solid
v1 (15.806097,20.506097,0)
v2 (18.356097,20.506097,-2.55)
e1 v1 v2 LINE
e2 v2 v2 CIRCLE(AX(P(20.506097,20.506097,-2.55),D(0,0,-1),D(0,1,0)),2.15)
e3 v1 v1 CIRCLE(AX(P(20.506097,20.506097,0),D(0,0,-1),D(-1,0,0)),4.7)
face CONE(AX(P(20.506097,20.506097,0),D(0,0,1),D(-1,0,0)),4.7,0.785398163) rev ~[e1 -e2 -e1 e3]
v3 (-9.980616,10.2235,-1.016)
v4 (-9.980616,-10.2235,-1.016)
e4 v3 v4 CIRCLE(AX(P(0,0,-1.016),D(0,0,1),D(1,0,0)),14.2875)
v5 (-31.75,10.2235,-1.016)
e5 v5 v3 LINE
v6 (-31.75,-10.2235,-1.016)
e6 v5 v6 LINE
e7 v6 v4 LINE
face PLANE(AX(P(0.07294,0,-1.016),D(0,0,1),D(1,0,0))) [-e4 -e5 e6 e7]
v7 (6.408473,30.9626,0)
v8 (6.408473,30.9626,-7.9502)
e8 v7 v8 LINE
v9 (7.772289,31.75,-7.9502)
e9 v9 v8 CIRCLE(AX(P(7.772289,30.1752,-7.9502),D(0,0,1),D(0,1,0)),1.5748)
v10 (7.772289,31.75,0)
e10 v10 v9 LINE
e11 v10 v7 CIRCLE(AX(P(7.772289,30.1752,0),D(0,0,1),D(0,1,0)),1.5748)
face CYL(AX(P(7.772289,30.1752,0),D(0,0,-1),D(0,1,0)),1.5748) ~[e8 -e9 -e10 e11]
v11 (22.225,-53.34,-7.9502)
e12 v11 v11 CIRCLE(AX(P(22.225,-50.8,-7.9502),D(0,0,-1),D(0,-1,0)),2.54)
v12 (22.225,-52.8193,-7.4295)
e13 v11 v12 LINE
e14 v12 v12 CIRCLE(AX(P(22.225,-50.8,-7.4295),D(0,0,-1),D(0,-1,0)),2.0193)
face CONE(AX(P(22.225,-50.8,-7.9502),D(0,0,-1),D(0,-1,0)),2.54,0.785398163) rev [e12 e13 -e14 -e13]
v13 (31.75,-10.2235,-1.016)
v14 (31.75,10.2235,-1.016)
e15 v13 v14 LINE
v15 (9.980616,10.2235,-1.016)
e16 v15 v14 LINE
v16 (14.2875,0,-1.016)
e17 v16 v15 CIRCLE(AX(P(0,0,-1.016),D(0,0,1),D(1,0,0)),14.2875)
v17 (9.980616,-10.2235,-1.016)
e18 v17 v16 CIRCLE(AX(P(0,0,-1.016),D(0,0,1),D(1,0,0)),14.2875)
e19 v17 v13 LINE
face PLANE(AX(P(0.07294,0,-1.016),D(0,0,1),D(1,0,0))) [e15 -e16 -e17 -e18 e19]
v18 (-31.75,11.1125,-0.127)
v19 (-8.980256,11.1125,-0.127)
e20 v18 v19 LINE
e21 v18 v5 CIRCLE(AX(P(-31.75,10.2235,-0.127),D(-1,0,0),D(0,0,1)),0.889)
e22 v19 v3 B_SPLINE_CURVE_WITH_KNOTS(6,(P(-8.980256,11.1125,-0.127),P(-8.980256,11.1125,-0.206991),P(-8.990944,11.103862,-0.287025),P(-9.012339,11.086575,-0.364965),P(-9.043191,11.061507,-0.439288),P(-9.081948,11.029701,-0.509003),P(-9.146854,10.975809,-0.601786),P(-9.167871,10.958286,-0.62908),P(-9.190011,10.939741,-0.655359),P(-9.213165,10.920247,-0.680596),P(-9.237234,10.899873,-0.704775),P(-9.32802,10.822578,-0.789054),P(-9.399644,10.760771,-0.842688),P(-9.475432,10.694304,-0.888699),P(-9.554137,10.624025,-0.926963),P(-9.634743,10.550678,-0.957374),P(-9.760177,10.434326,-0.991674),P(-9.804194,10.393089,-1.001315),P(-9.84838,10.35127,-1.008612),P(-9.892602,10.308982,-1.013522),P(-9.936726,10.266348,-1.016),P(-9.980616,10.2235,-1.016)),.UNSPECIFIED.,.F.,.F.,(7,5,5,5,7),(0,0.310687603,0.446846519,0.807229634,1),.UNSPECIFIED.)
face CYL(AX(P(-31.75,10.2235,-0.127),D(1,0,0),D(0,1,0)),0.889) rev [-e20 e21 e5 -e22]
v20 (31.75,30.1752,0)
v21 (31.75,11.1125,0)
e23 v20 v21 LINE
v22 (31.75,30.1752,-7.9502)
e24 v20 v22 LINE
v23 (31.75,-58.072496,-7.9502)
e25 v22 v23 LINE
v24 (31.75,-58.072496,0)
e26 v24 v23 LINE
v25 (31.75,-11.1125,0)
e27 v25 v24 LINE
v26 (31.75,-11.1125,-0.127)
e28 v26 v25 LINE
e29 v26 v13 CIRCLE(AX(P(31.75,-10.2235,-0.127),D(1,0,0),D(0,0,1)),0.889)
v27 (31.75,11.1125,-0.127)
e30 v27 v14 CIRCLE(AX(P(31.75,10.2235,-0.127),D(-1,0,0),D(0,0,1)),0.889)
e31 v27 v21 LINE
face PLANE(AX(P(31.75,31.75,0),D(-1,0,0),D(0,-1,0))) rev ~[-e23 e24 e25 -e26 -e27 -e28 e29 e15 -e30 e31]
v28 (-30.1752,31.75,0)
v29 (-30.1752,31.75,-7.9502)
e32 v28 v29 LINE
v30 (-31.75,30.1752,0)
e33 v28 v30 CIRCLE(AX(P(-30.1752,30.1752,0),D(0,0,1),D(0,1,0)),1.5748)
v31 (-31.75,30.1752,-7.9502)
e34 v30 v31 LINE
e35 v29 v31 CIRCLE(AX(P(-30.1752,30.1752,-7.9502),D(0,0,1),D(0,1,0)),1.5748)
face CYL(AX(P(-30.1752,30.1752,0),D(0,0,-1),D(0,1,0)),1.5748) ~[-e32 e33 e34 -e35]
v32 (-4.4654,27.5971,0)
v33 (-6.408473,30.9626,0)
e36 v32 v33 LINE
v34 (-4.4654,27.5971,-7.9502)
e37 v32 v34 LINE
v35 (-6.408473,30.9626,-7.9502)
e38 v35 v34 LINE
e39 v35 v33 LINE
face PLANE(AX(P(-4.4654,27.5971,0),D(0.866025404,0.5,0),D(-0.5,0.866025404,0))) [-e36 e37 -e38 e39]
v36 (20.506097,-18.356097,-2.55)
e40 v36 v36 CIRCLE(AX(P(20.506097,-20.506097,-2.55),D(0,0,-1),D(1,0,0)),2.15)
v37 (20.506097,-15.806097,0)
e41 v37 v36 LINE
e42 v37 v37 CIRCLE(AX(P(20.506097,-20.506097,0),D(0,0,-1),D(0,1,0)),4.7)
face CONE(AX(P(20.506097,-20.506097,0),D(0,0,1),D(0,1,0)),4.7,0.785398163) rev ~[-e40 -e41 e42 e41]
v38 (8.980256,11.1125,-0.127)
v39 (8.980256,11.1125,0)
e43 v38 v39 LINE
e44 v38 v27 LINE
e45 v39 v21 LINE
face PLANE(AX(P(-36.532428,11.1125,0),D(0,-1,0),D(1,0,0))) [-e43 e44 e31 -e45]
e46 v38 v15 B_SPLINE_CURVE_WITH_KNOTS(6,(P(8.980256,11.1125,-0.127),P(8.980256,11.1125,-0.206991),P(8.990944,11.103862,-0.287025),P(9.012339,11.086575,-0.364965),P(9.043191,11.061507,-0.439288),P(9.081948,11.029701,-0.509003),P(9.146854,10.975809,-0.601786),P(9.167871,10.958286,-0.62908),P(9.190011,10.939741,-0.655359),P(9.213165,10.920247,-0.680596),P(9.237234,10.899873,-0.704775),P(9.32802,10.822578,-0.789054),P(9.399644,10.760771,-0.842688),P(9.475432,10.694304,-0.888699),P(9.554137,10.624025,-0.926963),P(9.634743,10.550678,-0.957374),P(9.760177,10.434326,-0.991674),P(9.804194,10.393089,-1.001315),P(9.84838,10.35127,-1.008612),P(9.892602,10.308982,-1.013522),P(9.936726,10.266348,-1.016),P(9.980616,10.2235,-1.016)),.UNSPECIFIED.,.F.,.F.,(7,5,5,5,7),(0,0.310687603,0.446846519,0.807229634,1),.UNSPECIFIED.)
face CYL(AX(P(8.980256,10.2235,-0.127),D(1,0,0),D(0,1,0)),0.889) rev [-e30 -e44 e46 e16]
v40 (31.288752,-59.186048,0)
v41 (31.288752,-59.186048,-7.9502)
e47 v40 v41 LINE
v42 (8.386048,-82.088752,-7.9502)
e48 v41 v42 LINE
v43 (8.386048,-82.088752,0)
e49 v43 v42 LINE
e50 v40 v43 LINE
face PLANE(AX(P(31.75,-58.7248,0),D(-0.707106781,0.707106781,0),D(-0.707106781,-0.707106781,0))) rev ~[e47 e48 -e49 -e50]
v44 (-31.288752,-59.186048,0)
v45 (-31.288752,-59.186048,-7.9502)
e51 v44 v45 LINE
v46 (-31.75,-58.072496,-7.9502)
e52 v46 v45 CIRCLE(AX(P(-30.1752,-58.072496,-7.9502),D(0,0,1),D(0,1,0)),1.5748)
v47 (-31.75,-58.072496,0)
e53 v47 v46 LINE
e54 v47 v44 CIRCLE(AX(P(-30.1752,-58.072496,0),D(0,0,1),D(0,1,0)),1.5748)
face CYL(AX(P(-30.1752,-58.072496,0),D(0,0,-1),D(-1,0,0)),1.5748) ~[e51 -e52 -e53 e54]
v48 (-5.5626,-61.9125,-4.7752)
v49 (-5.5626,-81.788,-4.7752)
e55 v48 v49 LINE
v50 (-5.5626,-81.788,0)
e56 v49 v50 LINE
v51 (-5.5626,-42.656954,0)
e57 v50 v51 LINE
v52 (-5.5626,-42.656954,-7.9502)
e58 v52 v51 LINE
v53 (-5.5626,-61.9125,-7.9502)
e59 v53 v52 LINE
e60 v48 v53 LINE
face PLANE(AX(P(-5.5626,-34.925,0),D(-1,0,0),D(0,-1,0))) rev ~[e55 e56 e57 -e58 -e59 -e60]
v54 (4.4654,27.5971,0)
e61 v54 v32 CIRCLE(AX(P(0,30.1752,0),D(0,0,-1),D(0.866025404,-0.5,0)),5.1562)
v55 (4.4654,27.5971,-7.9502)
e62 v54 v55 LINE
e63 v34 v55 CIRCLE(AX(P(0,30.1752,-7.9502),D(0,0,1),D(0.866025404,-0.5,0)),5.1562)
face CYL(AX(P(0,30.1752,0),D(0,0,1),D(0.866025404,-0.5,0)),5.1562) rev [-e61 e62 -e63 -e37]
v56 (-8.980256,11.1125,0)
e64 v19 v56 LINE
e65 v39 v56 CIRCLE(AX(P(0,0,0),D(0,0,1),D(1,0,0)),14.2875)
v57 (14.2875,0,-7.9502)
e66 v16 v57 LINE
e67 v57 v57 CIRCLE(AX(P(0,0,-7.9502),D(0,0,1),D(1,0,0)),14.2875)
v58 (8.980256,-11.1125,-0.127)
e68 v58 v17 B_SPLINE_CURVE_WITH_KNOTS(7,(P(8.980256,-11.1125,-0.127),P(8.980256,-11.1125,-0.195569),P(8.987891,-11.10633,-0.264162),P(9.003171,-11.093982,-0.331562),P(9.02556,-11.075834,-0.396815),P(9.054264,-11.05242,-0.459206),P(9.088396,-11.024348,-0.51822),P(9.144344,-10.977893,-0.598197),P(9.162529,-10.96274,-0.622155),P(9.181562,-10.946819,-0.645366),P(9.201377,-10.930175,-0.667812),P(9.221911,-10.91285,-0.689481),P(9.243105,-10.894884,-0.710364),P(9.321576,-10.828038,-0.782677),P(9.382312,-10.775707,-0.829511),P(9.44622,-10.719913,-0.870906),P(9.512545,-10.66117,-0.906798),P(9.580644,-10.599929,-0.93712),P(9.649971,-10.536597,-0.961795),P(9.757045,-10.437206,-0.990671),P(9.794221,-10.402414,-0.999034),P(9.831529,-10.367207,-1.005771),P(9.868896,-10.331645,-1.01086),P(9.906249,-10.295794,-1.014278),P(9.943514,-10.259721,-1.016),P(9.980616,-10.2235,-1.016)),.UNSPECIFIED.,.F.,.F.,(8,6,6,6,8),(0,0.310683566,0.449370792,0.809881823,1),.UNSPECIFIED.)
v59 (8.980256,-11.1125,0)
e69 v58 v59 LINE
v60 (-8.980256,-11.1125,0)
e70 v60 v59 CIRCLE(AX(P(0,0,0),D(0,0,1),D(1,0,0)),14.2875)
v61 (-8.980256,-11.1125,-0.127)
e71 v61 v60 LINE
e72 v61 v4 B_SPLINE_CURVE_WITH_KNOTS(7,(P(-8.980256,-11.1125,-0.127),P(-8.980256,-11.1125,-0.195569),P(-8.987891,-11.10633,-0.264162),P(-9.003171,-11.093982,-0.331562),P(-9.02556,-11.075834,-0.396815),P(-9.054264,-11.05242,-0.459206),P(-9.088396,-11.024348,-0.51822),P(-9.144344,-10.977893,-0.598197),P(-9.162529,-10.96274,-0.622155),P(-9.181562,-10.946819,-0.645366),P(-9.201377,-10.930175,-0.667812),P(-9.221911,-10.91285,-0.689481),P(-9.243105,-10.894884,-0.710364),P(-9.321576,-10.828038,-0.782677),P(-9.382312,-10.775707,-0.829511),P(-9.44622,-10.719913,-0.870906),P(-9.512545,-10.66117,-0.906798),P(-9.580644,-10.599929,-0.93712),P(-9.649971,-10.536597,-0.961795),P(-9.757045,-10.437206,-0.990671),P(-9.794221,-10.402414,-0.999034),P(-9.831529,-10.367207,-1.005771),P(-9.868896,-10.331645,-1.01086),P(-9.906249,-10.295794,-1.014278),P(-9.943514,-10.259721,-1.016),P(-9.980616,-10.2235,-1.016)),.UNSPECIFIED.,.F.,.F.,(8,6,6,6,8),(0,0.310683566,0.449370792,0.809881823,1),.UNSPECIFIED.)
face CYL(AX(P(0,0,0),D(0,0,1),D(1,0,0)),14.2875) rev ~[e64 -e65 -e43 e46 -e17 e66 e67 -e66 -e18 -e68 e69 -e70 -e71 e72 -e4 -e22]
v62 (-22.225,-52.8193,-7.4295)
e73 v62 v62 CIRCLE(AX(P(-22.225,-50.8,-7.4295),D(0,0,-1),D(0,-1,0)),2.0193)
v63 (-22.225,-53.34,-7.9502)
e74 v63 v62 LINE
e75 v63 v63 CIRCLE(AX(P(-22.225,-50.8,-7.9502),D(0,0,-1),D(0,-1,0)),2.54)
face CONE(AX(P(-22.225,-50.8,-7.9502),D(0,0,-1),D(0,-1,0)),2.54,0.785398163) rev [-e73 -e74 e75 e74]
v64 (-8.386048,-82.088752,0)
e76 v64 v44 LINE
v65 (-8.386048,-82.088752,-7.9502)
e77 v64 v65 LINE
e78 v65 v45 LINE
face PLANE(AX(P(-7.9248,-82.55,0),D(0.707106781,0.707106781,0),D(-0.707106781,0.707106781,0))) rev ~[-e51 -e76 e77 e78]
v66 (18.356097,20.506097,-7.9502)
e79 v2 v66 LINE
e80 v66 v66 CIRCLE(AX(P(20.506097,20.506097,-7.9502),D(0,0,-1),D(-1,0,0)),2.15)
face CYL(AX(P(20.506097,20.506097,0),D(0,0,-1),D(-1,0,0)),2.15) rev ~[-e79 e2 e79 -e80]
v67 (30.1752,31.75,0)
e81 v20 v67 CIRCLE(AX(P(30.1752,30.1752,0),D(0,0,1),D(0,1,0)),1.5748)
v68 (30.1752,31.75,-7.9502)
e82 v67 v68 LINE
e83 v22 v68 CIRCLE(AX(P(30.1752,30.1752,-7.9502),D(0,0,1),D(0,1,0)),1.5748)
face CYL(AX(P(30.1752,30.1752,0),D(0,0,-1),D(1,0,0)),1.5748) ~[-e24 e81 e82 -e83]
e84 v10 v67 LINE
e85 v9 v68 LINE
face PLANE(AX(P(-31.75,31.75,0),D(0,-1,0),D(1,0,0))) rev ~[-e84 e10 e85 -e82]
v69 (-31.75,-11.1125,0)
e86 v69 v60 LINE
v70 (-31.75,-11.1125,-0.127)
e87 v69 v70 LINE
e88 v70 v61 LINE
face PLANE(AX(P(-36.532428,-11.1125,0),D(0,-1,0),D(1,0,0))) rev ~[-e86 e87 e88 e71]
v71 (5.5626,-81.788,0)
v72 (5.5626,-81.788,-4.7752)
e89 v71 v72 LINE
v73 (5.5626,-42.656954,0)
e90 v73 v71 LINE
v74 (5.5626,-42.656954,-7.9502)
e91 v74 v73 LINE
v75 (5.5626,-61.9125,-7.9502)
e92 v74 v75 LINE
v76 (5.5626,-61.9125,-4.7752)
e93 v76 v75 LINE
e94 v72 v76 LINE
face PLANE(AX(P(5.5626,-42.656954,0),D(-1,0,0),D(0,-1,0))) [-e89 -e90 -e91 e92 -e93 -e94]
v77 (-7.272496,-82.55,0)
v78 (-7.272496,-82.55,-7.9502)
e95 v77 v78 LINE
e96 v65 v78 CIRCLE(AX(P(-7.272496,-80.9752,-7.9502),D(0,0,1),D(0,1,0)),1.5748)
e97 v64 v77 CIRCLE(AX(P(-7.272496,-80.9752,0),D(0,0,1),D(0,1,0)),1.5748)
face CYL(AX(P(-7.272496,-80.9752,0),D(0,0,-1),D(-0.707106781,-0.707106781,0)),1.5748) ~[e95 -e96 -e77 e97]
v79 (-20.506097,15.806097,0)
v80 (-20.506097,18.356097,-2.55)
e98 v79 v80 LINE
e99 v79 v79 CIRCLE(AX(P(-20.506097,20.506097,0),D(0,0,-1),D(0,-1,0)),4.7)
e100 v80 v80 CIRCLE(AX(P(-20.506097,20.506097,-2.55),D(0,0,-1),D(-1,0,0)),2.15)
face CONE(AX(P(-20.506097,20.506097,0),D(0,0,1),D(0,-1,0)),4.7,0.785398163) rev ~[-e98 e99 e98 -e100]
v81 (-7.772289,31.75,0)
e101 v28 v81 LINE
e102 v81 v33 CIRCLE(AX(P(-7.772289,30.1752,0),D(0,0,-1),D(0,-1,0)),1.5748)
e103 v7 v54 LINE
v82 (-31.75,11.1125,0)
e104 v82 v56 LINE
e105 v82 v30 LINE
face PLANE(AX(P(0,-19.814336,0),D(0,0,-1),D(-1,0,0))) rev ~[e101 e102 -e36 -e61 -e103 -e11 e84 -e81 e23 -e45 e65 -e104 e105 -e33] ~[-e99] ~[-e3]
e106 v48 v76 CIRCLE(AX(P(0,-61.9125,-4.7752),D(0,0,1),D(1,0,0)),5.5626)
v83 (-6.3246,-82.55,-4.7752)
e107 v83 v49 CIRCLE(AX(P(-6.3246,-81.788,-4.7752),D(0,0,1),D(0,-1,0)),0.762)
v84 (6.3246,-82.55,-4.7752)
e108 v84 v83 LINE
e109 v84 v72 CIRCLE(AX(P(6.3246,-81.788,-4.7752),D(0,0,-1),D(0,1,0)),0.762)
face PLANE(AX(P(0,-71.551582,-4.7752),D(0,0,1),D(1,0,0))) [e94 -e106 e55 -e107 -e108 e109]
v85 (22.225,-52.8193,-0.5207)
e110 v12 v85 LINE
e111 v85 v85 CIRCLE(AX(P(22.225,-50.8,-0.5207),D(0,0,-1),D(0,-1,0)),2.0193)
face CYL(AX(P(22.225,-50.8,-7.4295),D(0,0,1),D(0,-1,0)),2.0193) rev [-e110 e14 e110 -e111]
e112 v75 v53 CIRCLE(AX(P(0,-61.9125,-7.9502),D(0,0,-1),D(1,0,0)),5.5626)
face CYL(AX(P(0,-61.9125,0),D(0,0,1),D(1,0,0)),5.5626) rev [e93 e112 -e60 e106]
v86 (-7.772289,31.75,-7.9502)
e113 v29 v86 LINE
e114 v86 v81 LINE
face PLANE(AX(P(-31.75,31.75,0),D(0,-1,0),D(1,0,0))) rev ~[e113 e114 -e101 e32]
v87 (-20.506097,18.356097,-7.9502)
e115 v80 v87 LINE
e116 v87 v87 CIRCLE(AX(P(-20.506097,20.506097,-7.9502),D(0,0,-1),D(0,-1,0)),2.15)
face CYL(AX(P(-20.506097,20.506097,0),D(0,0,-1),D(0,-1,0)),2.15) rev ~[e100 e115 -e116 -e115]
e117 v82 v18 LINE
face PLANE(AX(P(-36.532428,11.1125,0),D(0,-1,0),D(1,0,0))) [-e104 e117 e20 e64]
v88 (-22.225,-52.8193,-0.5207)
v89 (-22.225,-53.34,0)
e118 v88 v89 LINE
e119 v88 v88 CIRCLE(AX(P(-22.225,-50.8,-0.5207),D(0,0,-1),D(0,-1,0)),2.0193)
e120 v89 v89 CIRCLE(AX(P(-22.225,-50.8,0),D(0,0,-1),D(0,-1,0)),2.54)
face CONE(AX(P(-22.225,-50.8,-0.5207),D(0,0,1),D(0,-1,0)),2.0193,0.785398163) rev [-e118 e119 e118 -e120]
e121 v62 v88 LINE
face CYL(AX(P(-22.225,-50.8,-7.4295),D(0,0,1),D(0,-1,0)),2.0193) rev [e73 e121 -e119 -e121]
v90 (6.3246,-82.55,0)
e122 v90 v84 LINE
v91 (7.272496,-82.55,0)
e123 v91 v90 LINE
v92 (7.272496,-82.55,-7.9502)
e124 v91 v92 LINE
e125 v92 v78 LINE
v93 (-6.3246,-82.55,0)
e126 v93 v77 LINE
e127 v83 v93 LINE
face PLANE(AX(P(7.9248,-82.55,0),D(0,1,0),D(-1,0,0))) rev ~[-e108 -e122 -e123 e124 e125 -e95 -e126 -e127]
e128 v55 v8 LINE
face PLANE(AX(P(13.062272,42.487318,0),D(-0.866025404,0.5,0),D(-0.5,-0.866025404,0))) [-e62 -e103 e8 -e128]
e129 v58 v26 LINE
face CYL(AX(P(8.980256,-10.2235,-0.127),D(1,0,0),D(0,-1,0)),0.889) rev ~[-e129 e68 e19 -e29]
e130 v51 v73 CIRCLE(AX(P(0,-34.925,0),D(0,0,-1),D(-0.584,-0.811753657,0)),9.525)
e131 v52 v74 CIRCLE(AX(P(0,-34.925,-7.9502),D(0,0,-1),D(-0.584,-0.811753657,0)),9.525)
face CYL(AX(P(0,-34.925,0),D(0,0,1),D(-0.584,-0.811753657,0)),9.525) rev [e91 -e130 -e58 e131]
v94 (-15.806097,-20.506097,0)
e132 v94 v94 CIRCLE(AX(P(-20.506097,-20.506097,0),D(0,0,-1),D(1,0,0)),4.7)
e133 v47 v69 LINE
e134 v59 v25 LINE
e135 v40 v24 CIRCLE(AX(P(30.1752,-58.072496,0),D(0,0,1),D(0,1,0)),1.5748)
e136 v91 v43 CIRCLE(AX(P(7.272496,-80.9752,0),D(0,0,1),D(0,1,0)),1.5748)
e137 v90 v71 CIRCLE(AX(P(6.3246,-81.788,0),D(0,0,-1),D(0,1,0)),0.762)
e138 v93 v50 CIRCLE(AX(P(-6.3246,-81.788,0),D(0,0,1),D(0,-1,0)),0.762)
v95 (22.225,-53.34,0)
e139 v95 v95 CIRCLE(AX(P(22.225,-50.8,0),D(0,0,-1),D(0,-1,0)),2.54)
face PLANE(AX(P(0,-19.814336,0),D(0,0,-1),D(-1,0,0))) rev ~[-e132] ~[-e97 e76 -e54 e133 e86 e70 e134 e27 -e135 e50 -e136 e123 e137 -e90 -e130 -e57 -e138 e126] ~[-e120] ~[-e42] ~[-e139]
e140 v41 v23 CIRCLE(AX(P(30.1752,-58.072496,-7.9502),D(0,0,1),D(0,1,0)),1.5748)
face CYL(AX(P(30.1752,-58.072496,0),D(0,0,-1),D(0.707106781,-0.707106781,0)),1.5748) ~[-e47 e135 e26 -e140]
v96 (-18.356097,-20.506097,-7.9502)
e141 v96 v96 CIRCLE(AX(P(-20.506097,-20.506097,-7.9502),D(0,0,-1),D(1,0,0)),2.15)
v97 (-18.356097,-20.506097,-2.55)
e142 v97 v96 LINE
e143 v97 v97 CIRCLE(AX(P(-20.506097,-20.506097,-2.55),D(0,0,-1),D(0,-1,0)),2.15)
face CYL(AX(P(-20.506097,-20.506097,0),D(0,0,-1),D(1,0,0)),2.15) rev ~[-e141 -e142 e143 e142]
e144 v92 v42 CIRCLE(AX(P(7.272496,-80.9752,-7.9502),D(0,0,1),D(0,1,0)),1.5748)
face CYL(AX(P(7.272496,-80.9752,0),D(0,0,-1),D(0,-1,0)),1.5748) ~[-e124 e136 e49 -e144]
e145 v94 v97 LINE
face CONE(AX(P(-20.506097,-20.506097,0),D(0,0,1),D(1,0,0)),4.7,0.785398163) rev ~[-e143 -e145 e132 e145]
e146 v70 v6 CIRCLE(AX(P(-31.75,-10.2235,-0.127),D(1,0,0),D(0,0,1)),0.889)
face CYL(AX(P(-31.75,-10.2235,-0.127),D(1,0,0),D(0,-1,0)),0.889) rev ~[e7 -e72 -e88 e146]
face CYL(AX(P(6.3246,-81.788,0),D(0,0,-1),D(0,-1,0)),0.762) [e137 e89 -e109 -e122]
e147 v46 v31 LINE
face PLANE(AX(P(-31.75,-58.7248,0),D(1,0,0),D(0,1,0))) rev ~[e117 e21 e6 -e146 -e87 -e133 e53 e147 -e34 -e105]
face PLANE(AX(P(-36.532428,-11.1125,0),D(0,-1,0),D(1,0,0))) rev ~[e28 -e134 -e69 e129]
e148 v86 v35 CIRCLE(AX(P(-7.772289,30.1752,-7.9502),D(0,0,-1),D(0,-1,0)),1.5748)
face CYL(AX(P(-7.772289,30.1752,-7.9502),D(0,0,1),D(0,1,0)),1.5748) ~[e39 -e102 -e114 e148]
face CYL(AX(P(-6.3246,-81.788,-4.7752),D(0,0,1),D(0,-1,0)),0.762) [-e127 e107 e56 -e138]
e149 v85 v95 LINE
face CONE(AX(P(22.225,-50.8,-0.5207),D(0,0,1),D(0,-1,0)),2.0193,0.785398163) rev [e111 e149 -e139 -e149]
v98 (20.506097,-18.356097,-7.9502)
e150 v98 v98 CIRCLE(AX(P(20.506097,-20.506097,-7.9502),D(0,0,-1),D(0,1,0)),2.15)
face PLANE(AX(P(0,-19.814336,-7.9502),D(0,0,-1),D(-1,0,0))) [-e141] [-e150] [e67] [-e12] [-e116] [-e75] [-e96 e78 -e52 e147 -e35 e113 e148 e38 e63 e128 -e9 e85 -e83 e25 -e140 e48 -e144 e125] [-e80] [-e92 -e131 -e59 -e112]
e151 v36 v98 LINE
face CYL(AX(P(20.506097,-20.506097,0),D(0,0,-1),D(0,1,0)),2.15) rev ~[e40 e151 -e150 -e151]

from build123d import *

# Parameters (mm, degrees)
SKETCH1_R                                       = 14.2875
BOSS_EXTRUDE1_DEPTH                             = 7.9502
CUT_EXTRUDE1_DEPTH                              = 4.7752
CSK_FOR_M4_FLAT_HEAD_MACHINE_SCREW1_D           = 4.3
CSK_FOR_M4_FLAT_HEAD_MACHINE_SCREW1_CSINK_D     = 9.4
CSK_FOR_M4_FLAT_HEAD_MACHINE_SCREW1_CSINK_ANGLE = 90
CIRPATTERN1_COUNT                               = 4
F_10_32_TAPPED_HOLE1_AT_2_COUNT                 = 2
F_10_32_TAPPED_HOLE1_AT_2_PITCH                 = 44.45
CUT_EXTRUDE2_DEPTH                              = 89.801861918
FILLET1_R                                       = 1.5748
FILLET2_R                                       = 0.762
SKETCH12_W                                      = 73.210736231
SKETCH12_H                                      = 22.225
CUT_EXTRUDE3_DEPTH                              = 1.016
FILLET3_R                                       = 0.889


with BuildPart() as part:
    # Sketch1 → Boss-Extrude1 (new body)
    with BuildSketch(Plane.XY):
        Polygon((-31.75, 31.75), (31.75, 31.75), (31.75, -58.7248), (7.9248, -82.55), (-7.9248, -82.55), (-31.75, -58.7248), align=None)
        Circle(SKETCH1_R, mode=Mode.SUBTRACT)
        with BuildLine():
            Line((5.5626, -42.656953585), (5.5626, -61.9125))
            ThreePointArc((5.5626, -61.9125), (0, -67.4751), (-5.5626, -61.9125))
            Line((-5.5626, -61.9125), (-5.5626, -42.656953585))
            ThreePointArc((-5.5626, -42.656953585), (0, -25.4), (5.5626, -42.656953585))
        make_face(mode=Mode.SUBTRACT)
    extrude(amount=-BOSS_EXTRUDE1_DEPTH)

    # Sketch4 → Cut-Extrude1 (cut)
    with BuildSketch(Plane.XY):
        with BuildLine():
            Line((5.5626, -111.125), (5.5626, -34.925))
            ThreePointArc((5.5626, -34.925), (0, -29.3624), (-5.5626, -34.925))
            Line((-5.5626, -34.925), (-5.5626, -111.125))
            Line((-5.5626, -111.125), (5.5626, -111.125))
        make_face()
    extrude(amount=-CUT_EXTRUDE1_DEPTH, mode=Mode.SUBTRACT)

    # CSK for M4 Flat Head Machine Screw1 (through all)
    with Locations(Plane.XY):
        with Locations((20.506096654, 20.506096654)):
            csk_for_m4_flat_head_machine_screw1 = CounterSinkHole(CSK_FOR_M4_FLAT_HEAD_MACHINE_SCREW1_D / 2, CSK_FOR_M4_FLAT_HEAD_MACHINE_SCREW1_CSINK_D / 2, counter_sink_angle=CSK_FOR_M4_FLAT_HEAD_MACHINE_SCREW1_CSINK_ANGLE)

    # CirPattern1: CSK for M4 Flat Head Machine Screw1 ×4 about axis
    cirpattern1_axis = Axis((0, 0, 0), (0, 0, 1))
    for i in range(1, CIRPATTERN1_COUNT):
        add(csk_for_m4_flat_head_machine_screw1.rotate(cirpattern1_axis, i * 360 / CIRPATTERN1_COUNT), mode=Mode.SUBTRACT)

    # Sketch7 → #10-32 Tapped Hole1 (revolve, cut)
    with BuildSketch(Plane(origin=(22.225, -50.8, 0), x_dir=(0, -1, 0), z_dir=(1, 0, 0))):
        Polygon((0, 0), (0, 7.9502), (2.54, 7.9502), (2.0193, 7.4295), (2.0193, 0.5207), (2.54, 0), align=None)
    f_10_32_tapped_hole1 = revolve(axis=Axis((22.225, -50.8, 6.35), (0, 0, -1)), mode=Mode.SUBTRACT)

    # #10-32 Tapped Hole1 at 2: #10-32 Tapped Hole1 ×2
    with Locations(*[(-i * F_10_32_TAPPED_HOLE1_AT_2_PITCH, 0, 0) for i in range(1, F_10_32_TAPPED_HOLE1_AT_2_COUNT)]):
        add(f_10_32_tapped_hole1, mode=Mode.SUBTRACT)

    # Sketch8 → Cut-Extrude2 (cut, through all)
    with BuildSketch(Plane.XY):
        with BuildLine():
            Line((-4.465400187, 27.5971), (-13.062271505, 42.487317908))
            Line((-13.062271505, 42.487317908), (13.062271505, 42.487317908))
            Line((13.062271505, 42.487317908), (4.465400187, 27.5971))
            ThreePointArc((4.465400187, 27.5971), (0, 25.019), (-4.465400187, 27.5971))
        make_face()
    extrude(amount=-CUT_EXTRUDE2_DEPTH, mode=Mode.SUBTRACT)

    # Fillet1
    fillet1_edges = [part.edges().sort_by_distance(p)[0] for p in [
        (-31.75, 31.75, -3.9751),
        (31.75, 31.75, -3.9751),
        (31.75, -58.7248, -3.9751),
        (7.9248, -82.55, -3.9751),
        (-7.9248, -82.55, -3.9751),
        (-31.75, -58.7248, -3.9751),
        (-6.86307812, 31.75, -3.9751),
        (6.86307812, 31.75, -3.9751),
    ]]
    fillet(fillet1_edges, radius=FILLET1_R)

    # Fillet2
    fillet2_edges = [part.edges().sort_by_distance(p)[0] for p in [
        (-5.5626, -82.55, -2.3876),
        (5.5626, -82.55, -2.3876),
    ]]
    fillet(fillet2_edges, radius=FILLET2_R)

    # Sketch12 → Cut-Extrude3 (cut)
    with BuildSketch(Plane.XY):
        with Locations((0.072940044, 0)):
            Rectangle(SKETCH12_W, SKETCH12_H)
    extrude(amount=-CUT_EXTRUDE3_DEPTH, mode=Mode.SUBTRACT)

    # Fillet3
    fillet3_edges = [part.edges().sort_by_distance(p)[0] for p in [
        (20.365128061, -11.1125, -1.016),
        (-20.365128061, -11.1125, -1.016),
        (-20.365128061, 11.1125, -1.016),
        (20.365128061, 11.1125, -1.016),
    ]]
    fillet(fillet3_edges, radius=FILLET3_R)


solid = part.part
